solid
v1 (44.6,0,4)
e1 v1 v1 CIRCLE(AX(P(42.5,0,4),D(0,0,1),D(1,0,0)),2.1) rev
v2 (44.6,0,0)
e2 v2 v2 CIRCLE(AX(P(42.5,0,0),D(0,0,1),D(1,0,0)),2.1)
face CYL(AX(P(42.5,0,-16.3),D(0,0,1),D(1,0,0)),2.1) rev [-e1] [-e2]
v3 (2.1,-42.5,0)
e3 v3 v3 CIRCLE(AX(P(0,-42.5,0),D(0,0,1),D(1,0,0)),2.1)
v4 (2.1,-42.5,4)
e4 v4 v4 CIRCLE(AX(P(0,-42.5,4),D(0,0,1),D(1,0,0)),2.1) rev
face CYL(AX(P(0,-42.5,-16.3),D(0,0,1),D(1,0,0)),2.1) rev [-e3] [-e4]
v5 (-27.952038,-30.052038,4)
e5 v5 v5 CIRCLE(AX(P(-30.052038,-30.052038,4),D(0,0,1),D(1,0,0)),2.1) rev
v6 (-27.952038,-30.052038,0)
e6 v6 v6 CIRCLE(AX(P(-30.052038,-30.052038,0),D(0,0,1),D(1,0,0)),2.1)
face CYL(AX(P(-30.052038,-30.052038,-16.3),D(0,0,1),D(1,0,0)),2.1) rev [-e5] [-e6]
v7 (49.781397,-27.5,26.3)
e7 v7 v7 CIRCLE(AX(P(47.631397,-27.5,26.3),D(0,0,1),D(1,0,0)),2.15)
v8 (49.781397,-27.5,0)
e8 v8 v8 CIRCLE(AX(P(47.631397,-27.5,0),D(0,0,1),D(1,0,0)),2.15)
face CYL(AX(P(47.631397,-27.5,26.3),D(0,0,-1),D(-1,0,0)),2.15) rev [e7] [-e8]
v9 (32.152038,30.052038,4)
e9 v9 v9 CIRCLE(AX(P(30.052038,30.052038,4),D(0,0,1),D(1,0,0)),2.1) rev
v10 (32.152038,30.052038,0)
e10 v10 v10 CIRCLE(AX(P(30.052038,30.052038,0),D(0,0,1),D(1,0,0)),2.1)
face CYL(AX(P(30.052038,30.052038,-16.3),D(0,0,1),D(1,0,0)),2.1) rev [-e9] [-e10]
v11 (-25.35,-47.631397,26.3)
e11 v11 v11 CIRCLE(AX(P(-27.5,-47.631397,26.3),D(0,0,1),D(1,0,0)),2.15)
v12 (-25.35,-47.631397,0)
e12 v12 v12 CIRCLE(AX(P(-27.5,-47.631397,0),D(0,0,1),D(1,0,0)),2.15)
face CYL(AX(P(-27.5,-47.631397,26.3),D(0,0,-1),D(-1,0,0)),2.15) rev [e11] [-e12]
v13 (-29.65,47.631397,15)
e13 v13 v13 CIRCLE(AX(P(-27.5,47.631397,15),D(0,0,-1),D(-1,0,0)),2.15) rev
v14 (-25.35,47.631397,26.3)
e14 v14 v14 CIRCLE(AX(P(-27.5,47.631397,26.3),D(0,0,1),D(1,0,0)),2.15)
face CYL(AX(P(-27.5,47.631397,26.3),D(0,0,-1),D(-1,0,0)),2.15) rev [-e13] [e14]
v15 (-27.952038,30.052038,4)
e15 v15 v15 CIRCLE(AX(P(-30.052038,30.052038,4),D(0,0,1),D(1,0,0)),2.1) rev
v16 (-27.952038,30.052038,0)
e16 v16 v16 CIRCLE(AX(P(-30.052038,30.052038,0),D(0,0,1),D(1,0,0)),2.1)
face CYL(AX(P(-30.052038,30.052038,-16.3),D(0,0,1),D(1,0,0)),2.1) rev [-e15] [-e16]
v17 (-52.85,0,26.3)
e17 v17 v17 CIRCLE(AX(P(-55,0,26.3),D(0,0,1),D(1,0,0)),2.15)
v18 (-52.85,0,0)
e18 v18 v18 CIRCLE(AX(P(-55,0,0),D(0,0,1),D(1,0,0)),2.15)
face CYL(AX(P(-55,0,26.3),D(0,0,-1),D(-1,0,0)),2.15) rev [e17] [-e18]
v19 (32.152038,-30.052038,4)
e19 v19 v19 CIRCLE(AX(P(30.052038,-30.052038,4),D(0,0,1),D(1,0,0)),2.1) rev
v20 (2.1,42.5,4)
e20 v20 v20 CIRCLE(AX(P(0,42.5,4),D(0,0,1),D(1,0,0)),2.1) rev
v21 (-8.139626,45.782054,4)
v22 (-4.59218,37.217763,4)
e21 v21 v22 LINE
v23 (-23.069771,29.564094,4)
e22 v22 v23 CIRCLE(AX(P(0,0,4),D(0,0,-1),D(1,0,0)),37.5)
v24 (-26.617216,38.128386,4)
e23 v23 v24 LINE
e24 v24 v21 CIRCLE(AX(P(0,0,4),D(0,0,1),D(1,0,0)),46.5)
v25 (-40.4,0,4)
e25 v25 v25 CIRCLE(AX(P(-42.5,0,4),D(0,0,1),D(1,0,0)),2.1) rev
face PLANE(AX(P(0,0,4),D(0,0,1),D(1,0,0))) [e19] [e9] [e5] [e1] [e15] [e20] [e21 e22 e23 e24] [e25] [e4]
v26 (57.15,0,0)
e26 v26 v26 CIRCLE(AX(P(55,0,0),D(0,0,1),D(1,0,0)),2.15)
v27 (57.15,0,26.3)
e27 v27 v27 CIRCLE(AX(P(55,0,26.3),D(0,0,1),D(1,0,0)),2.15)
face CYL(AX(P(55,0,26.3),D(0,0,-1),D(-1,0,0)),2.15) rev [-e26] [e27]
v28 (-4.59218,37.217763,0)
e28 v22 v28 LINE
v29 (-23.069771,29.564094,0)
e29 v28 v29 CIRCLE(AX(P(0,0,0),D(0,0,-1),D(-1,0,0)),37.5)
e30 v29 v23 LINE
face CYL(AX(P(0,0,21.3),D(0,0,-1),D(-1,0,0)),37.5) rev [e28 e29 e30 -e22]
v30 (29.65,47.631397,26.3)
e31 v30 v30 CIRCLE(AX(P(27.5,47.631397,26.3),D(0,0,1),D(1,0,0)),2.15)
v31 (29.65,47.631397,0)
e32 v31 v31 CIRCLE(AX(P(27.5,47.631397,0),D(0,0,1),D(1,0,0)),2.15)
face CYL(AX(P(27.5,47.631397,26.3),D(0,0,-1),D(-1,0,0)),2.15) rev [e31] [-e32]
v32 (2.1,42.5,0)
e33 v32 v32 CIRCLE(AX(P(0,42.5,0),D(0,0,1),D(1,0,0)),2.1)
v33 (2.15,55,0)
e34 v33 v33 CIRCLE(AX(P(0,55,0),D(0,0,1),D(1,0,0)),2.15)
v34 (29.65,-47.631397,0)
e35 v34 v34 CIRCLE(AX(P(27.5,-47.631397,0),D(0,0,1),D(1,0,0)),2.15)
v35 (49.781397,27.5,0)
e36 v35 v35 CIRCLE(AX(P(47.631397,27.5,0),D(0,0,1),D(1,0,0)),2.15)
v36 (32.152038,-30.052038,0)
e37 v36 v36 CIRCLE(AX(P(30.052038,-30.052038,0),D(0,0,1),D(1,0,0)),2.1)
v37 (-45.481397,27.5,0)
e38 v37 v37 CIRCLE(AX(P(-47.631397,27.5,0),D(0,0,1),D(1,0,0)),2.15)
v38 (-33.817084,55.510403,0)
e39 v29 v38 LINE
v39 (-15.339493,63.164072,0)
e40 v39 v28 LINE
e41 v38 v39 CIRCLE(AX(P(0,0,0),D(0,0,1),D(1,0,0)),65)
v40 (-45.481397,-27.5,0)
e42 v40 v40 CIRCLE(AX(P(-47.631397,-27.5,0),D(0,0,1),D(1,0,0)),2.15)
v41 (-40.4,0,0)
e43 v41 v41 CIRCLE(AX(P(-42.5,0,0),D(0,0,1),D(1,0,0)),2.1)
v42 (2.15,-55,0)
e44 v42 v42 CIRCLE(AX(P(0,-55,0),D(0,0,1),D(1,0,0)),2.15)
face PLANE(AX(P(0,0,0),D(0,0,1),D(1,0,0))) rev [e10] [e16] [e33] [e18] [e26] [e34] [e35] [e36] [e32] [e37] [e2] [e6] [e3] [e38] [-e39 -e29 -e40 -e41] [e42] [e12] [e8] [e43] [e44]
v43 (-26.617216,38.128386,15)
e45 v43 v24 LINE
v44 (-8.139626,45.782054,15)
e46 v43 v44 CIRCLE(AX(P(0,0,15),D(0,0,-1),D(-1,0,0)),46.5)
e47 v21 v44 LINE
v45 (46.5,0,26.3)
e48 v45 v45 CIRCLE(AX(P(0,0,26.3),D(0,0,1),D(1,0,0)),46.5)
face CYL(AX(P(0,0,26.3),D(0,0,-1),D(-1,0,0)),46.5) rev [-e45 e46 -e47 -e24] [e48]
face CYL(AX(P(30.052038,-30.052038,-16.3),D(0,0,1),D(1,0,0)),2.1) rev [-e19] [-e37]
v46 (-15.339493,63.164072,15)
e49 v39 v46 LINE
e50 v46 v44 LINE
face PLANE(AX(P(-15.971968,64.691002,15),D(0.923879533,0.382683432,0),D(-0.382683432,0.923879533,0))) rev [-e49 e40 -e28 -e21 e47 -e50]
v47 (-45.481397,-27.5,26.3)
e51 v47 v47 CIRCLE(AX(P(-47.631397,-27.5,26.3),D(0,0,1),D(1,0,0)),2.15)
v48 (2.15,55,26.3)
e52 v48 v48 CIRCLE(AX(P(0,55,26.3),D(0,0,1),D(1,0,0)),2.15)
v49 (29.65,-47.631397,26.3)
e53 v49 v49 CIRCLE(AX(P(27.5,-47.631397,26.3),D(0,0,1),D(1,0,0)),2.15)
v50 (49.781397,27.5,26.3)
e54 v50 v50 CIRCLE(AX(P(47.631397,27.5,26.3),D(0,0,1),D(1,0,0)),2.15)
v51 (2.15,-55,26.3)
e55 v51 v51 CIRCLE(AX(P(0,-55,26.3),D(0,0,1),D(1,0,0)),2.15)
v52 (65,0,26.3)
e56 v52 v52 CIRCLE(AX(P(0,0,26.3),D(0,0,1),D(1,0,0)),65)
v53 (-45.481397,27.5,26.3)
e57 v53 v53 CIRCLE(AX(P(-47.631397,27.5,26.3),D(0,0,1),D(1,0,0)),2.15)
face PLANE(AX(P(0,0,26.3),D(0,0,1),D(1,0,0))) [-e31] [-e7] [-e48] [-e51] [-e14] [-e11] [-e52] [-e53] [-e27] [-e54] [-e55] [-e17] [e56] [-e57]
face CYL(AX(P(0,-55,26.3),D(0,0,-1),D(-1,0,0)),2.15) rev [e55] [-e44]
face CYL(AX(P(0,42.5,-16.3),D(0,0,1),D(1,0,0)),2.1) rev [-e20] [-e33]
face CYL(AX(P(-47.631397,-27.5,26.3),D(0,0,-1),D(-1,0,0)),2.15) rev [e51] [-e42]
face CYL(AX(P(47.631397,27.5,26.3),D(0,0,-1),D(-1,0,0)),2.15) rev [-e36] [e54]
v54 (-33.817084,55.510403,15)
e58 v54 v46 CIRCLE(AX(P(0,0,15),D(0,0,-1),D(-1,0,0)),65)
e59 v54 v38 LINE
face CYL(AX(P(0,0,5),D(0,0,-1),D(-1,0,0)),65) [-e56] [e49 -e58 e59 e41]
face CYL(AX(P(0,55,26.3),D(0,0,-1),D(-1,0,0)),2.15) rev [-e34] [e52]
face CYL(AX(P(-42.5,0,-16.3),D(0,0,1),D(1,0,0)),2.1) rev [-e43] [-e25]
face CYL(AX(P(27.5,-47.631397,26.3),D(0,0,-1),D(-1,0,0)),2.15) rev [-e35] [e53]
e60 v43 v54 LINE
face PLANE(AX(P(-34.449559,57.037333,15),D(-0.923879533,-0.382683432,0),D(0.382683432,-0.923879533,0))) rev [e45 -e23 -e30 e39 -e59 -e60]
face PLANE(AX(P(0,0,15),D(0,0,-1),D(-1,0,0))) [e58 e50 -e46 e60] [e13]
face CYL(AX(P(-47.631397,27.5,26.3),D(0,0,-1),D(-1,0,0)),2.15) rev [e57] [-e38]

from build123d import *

# Parameters (mm, degrees)
SKETCH_1_R               = 65
EXTRUDE_1_DEPTH          = 5
SKETCH_2_R               = 65
SKETCH_2_R_2             = 46.5
EXTRUDE_2_DEPTH          = 21.3
SKETCH_3_R               = 2.1
CUT_EXTRUDE_1_DEPTH      = 21.3
SKETCH_4_R               = 37.5
CUT_EXTRUDE_2_DEPTH      = 21.3
CUT_EXTRUDE_3_DEPTH      = 15
CUT_EXTRUDE_4_DEPTH      = 95.359366255
CUT_EXTRUDE_4_DEPTH_BACK = 95.359366255
SKETCH_6_R               = 2.15
CUT_EXTRUDE_START        = -1
CUT_EXTRUDE_5_DEPTH      = 1


with BuildPart() as part:
    # 草图1 → 凸台-拉伸1 (new body)
    with BuildSketch(Plane.XY):
        Circle(SKETCH_1_R)
    extrude(amount=EXTRUDE_1_DEPTH)

    # 草图2 → 凸台-拉伸2 (add)
    with BuildSketch(Plane.XY.offset(5)):
        Circle(SKETCH_2_R)
        Circle(SKETCH_2_R_2, mode=Mode.SUBTRACT)
    extrude(amount=EXTRUDE_2_DEPTH)

    # 草图3 → 切除-拉伸1 (cut)
    with BuildSketch(Plane.XY.offset(5)):
        with Locations((0, 42.5)):
            Circle(SKETCH_3_R)
        with Locations((30.0520382, 30.0520382)):
            Circle(SKETCH_3_R)
        with Locations((42.5, 0)):
            Circle(SKETCH_3_R)
        with Locations((30.0520382, -30.0520382)):
            Circle(SKETCH_3_R)
        with Locations((0, -42.5)):
            Circle(SKETCH_3_R)
        with Locations((-30.0520382, -30.0520382)):
            Circle(SKETCH_3_R)
        with Locations((-42.5, 0)):
            Circle(SKETCH_3_R)
        with Locations((-30.0520382, 30.0520382)):
            Circle(SKETCH_3_R)
    extrude(amount=-CUT_EXTRUDE_1_DEPTH, mode=Mode.SUBTRACT)

    # 草图4 → 切除-拉伸2 (cut)
    with BuildSketch(Plane(origin=(0, 0, 0), x_dir=(-1, 0, 0), z_dir=(0, 0, -1))):
        Circle(SKETCH_4_R)
    extrude(amount=-CUT_EXTRUDE_2_DEPTH, mode=Mode.SUBTRACT)

    # 草图5 → 切除-拉伸3 (cut)
    with BuildSketch(Plane(origin=(0, 0, 0), x_dir=(-1, 0, 0), z_dir=(0, 0, -1))):
        Polygon((34.449558984, 57.03733322), (19.236184468, 20.308998132), (0.758593817, 27.96266678), (15.971968334, 64.691001868), align=None)
    extrude(amount=-CUT_EXTRUDE_3_DEPTH, mode=Mode.SUBTRACT)

    # 草图6 → 切除-拉伸4 (cut, two sides: drawn at the far end of the back side and taken through both)
    with BuildSketch(Plane.XY.offset(5).offset(-CUT_EXTRUDE_4_DEPTH_BACK)):
        with Locations((0, 55)):
            Circle(SKETCH_6_R)
        with Locations((27.5, 47.631397208)):
            Circle(SKETCH_6_R)
        with Locations((47.631397208, 27.5)):
            Circle(SKETCH_6_R)
        with Locations((55, 0)):
            Circle(SKETCH_6_R)
        with Locations((47.631397208, -27.5)):
            Circle(SKETCH_6_R)
        with Locations((27.5, -47.631397208)):
            Circle(SKETCH_6_R)
        with Locations((0, -55)):
            Circle(SKETCH_6_R)
        with Locations((-27.5, -47.631397208)):
            Circle(SKETCH_6_R)
        with Locations((-47.631397208, -27.5)):
            Circle(SKETCH_6_R)
        with Locations((-55, 0)):
            Circle(SKETCH_6_R)
        with Locations((-47.631397208, 27.5)):
            Circle(SKETCH_6_R)
        with Locations(Location((-27.5, 47.631397208, 0), (0, 0, 180))):
            Circle(SKETCH_6_R)
    extrude(amount=CUT_EXTRUDE_4_DEPTH + CUT_EXTRUDE_4_DEPTH_BACK, mode=Mode.SUBTRACT)

    # 草图7 → 切除-拉伸5 (cut)
    with BuildSketch(Plane.XY.offset(5).offset(CUT_EXTRUDE_START)):
        with BuildLine():
            Line((-23.069770834, 29.564094332), (-26.617216434, 38.128385611))
            ThreePointArc((-26.617216434, 38.128385611), (17.794779605, -42.960398262), (-8.139625784, 45.782054258))
            Line((-8.139625784, 45.782054258), (-4.592180184, 37.217762979))
            ThreePointArc((-4.592180184, 37.217762979), (14.350628714, -34.645482469), (-23.069770834, 29.564094332))
        make_face()
    extrude(amount=CUT_EXTRUDE_5_DEPTH, mode=Mode.SUBTRACT)


solid = part.part
